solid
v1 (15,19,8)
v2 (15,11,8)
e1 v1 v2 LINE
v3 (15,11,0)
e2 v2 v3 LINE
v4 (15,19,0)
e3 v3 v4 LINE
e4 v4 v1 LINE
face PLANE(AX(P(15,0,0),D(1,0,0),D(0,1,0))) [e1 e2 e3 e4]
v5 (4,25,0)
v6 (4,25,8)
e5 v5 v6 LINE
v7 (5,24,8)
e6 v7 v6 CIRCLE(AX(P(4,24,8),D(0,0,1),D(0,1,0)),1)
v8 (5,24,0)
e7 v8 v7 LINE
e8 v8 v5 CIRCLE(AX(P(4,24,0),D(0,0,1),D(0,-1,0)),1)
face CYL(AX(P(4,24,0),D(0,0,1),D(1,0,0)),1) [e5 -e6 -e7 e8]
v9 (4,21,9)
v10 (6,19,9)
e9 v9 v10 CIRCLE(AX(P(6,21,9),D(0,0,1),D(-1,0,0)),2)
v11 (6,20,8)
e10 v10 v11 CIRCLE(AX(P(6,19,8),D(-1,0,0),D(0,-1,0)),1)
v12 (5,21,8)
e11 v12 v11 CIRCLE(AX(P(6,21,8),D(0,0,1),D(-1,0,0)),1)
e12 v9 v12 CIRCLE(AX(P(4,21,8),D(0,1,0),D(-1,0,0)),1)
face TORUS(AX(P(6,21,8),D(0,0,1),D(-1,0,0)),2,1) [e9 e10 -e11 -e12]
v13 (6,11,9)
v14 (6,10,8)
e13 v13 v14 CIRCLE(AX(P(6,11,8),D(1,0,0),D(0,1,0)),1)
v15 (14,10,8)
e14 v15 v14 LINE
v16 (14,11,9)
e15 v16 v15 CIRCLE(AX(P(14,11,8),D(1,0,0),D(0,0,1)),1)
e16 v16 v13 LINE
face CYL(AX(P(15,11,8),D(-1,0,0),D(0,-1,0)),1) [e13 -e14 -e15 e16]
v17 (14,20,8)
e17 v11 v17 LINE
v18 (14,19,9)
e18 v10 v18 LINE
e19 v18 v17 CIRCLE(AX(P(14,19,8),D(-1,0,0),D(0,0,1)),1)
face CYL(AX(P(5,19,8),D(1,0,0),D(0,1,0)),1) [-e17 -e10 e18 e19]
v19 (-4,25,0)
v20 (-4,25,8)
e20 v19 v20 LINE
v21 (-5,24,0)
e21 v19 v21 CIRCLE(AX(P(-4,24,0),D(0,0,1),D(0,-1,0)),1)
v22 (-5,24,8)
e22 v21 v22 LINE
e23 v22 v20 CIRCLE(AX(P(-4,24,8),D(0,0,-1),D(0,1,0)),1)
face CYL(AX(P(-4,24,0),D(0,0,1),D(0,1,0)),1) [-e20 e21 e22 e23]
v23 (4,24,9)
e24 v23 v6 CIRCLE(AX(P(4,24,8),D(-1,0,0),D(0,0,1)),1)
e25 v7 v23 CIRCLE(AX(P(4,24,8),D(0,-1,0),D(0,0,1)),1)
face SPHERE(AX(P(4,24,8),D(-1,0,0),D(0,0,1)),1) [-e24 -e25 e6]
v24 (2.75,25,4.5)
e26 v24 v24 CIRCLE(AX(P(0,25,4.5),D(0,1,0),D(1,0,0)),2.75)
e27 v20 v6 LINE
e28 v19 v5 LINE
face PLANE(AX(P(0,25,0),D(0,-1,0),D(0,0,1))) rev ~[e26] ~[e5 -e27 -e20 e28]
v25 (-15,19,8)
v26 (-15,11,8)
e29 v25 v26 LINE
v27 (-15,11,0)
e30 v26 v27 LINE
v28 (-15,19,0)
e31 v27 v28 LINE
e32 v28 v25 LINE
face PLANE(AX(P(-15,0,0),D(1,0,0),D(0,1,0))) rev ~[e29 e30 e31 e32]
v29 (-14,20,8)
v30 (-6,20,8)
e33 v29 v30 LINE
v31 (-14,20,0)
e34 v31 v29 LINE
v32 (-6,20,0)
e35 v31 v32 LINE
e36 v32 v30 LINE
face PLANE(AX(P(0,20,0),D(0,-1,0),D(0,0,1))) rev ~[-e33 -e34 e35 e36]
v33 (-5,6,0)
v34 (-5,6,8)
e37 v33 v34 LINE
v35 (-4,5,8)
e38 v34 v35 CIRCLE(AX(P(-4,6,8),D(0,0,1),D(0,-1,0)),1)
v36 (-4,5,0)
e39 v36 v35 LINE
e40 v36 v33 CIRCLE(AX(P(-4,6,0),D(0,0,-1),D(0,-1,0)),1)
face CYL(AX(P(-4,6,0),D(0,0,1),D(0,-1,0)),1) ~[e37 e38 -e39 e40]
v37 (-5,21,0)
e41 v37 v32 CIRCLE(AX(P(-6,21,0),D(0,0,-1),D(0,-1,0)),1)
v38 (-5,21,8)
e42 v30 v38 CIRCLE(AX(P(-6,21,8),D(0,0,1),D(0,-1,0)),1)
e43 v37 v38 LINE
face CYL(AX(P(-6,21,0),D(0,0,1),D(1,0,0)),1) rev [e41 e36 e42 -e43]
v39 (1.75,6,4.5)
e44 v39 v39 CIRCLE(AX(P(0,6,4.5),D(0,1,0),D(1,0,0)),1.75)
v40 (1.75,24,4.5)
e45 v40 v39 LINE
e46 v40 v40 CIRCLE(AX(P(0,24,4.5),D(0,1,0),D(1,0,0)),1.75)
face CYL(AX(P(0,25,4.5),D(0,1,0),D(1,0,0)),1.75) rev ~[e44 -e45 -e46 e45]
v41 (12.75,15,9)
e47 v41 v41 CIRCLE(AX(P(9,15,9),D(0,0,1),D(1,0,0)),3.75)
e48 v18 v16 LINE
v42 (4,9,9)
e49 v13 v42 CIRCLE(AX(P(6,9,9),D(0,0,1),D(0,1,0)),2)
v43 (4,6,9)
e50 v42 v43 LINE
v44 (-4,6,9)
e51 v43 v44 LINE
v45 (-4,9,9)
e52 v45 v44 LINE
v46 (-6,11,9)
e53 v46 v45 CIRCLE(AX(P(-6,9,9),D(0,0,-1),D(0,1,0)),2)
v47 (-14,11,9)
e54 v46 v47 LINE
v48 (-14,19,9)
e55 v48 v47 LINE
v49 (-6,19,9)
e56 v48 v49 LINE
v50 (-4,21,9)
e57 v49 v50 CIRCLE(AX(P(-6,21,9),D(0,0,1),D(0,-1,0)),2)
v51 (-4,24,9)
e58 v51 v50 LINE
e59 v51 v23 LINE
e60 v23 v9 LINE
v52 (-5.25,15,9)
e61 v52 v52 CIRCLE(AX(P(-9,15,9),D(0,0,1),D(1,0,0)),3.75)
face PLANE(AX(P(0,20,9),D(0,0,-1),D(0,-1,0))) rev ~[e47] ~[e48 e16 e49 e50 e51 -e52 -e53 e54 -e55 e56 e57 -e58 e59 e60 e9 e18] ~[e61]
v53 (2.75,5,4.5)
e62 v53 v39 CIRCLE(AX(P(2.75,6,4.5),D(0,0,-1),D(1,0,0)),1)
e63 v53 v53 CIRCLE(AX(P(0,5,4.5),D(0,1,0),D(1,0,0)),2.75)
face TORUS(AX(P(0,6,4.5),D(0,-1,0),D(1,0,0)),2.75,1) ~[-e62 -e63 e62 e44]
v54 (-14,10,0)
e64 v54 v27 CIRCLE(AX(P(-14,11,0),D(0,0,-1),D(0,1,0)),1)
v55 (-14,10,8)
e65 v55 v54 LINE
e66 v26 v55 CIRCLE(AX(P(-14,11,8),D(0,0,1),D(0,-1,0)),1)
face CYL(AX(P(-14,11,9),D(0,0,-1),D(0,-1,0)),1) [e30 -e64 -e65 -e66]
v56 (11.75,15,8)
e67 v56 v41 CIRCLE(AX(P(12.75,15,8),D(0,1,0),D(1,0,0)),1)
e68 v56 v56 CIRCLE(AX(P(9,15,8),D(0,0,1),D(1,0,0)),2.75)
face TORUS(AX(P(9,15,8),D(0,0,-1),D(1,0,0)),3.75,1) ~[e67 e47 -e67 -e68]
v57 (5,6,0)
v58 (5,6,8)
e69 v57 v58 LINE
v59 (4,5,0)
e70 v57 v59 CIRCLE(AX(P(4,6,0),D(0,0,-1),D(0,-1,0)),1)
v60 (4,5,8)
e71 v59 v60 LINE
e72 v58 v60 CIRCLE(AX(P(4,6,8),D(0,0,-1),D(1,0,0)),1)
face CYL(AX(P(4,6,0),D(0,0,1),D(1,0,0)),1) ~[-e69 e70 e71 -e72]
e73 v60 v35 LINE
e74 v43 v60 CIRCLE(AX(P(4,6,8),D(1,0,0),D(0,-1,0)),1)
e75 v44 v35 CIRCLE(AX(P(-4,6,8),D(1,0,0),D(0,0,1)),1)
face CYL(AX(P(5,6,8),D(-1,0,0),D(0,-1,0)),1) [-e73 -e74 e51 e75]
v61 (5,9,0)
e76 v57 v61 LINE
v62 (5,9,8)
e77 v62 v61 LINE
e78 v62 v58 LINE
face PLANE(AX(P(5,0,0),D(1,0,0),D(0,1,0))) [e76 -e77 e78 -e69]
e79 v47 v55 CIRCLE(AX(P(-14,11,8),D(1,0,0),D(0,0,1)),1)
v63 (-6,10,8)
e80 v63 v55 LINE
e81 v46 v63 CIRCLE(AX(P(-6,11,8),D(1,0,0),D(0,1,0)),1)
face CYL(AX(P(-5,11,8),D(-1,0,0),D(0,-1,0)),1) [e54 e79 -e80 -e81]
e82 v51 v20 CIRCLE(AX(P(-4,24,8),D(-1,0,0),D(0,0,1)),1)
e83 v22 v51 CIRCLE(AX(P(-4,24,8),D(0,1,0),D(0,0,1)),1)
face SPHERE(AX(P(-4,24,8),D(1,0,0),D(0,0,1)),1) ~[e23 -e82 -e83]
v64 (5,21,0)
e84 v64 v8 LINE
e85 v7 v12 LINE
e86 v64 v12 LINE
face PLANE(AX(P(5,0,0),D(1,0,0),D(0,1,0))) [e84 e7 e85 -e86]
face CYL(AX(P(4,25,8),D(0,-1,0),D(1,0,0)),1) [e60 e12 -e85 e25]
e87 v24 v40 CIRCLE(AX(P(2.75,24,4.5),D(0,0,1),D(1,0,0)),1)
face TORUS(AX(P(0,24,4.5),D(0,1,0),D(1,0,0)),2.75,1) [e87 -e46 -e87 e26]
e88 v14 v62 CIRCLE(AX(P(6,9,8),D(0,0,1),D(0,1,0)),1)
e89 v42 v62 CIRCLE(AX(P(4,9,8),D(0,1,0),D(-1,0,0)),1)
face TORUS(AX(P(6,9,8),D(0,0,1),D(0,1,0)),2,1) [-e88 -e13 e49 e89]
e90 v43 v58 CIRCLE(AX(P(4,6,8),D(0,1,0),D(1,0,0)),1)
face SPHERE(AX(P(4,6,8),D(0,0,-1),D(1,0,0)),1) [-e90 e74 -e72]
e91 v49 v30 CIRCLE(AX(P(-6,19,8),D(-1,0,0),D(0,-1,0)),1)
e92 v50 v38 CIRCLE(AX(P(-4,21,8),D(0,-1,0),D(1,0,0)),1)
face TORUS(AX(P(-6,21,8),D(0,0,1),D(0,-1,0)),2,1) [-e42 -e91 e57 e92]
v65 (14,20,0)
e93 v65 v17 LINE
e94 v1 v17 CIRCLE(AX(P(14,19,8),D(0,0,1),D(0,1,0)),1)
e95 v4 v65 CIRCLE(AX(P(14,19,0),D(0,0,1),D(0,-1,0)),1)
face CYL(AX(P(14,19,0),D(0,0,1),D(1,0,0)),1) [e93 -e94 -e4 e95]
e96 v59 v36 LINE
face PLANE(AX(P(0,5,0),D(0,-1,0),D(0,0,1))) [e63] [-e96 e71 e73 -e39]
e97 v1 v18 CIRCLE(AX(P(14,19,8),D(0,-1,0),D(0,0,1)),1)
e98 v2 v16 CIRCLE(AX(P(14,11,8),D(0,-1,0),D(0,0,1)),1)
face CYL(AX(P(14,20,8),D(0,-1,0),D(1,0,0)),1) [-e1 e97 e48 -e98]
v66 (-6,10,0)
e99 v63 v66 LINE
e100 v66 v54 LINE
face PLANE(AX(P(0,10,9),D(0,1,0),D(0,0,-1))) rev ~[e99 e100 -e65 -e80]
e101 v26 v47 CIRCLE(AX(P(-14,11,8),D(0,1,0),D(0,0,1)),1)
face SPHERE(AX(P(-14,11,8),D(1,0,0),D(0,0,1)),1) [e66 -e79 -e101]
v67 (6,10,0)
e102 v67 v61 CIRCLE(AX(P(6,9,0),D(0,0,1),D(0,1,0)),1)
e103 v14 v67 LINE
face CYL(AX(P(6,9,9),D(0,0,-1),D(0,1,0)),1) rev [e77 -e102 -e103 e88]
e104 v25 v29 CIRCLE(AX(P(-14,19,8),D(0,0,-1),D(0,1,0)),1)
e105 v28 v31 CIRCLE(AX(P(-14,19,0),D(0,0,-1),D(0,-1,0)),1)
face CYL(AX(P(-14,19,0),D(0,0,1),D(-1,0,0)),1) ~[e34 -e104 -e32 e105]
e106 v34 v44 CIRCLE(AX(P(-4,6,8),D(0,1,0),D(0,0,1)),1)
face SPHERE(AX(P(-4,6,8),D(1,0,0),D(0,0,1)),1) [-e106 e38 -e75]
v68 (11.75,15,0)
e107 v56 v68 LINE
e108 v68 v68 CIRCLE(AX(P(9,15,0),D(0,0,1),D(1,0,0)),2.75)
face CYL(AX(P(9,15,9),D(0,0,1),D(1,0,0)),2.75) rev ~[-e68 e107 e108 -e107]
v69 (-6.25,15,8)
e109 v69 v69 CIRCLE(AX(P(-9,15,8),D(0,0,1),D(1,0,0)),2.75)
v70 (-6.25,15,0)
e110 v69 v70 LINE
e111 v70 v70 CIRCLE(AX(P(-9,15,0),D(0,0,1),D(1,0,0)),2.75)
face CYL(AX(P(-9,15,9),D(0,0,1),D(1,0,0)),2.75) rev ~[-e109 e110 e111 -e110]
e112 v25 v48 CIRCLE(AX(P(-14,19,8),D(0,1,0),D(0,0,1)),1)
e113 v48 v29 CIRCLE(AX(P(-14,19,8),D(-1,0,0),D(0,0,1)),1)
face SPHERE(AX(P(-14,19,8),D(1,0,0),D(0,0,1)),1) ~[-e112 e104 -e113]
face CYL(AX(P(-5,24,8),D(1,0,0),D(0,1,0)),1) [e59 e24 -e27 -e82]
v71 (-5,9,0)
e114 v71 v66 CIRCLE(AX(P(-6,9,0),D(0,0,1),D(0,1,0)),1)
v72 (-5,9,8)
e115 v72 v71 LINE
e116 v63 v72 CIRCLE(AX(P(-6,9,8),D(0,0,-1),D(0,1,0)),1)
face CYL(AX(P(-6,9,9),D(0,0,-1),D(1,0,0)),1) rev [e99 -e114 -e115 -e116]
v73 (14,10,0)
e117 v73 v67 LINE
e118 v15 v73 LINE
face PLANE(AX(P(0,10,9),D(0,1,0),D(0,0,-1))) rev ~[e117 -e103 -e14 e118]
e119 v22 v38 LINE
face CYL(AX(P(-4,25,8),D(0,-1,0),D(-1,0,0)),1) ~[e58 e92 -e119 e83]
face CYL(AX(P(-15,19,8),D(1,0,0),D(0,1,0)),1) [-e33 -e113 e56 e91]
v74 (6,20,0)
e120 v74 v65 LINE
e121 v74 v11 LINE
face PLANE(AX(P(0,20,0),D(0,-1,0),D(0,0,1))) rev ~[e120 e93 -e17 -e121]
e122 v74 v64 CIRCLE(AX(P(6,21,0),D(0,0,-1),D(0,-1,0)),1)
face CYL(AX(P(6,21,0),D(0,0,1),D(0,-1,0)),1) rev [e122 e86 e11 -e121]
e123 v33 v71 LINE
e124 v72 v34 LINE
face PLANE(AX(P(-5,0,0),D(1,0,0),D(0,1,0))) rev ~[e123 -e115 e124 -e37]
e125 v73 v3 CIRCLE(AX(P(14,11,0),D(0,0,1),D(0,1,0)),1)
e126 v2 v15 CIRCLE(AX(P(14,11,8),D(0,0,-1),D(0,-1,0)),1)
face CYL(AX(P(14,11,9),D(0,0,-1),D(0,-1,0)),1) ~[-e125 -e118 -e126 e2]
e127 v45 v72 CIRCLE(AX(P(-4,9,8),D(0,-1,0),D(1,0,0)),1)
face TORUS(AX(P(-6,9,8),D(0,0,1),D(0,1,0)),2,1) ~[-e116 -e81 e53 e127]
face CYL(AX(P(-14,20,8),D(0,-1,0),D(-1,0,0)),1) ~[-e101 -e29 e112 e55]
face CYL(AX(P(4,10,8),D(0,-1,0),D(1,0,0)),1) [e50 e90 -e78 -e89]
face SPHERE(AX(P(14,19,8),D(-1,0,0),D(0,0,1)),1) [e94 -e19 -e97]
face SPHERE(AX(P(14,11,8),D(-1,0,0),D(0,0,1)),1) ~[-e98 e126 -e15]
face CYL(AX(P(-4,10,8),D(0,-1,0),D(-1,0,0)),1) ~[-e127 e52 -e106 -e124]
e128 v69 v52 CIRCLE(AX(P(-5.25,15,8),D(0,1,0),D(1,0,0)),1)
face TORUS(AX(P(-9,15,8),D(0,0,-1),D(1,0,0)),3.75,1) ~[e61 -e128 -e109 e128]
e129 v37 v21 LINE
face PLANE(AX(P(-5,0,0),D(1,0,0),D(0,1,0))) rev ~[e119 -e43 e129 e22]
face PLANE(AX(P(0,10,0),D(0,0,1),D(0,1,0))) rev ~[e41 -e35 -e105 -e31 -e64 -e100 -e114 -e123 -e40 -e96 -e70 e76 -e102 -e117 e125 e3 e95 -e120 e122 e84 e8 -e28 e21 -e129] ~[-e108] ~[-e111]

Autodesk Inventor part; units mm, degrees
ref_plane "YZ Plane" through (0, 0, 0) normal (1, 0, 0) x (0, 1, 0)
ref_plane "XZ Plane" through (0, 0, 0) normal (0, 1, 0) x (-1, 0, 0)
ref_plane "XY Plane" through (0, 0, 0) normal (0, 0, 1) x (1, 0, 0)
sketch "Sketch1" plane through (0, 0, 0) normal (1, 0, 0) x (0, 1, 0)
  line L0 (25, 0) -> (25, 9)
  line L1 (25, 9) -> (0, 9)
  line L2 (0, 9) -> (0, 0)
  line L3 (0, 0) -> (20, 0) construction
  line L4 (5, 0) -> (25, 0)
  line L5 (20, 9) -> (10, 9)
  line L6 (10, 9) -> (10, 0)
  line L7 (10, 0) -> (20, 0)
  line L8 (20, 0) -> (20, 9)
  line L9 (20, 9) -> (10, 0) construction
  line L10 (10, 9) -> (20, 0) construction
  line L11 (5, 0) -> (5, 9)
  line L12 (5, 0) -> (0, 0)
  point P0 (15, 4.5)
  dimension "d8" = 9
  dimension "d13" = 10
  dimension "d14" = 9
  dimension "d15" = 25
  dimension "d39" = 10
  dimension "d47" = 5
extrude "Extrusion1" add sketch "Sketch1" along normal mid plane 10 contours L4 L8 L1 L0 | L4 L11 L1 L6
extrude "Extrusion2" add sketch "Sketch1" along normal mid plane 30 contours L4 L6 L1 L8
sketch "Sketch8" plane through (-5, 5, 9) normal (0, 0, 1) x (1, 0, 0)
  circle A0 centre (-4, 10) radius 2.75
  line L0 (-10, 5) -> (-10, 15) projected
  line L1 (-10, 15) -> (0, 15) projected
  circle A1 centre (14, 10) radius 2.75
  line L2 (20, 15) -> (20, 5) projected
  line L3 (10, 15) -> (20, 15) projected
  point P0 (5, -5)
  dimension "d48" = 5.5
  dimension "d49" = 6
  dimension "d50" = 5
  dimension "d51" = 5.5
  dimension "d52" = 6
  dimension "d53" = 5
extrude "Extrusion8" cut sketch "Sketch8" against normal through all
sketch "Sketch9" plane through (-5, 25, 9) normal (0, 1, 0) x (1, 0, 0)
  circle A0 centre (5, 4.5) radius 1.75
  line L0 (0, 9) -> (10, 9) projected
  line L1 (10, 9) -> (10, 0) projected
  line L2 (0, 0) -> (0, 9) projected
  point P0 (5, 9)
  dimension "d56" = 3.5
  dimension "d57" = 4.5
  dimension "d58" = 10
  dimension "d59" = 5
extrude "Extrusion9" cut sketch "Sketch9" against normal through all
fillet "Fillet4" radius 1 28 edges at (0, 25, 9) (-10, 20, 9) (-5, 22.5, 9) (5, 22.5, 9) (10, 20, 9) (5, 25, 4.5) (5, 20, 4.5) (-5, 25, 4.5) (-5, 20, 4.5) (10, 10, 9) (15, 15, 9) (15, 20, 4.5) (15, 10, 4.5) (5, 5, 4.5) (5, 7.5, 9) (5, 10, 4.5) (0, 5, 9) (-5, 7.5, 9) (-5, 10, 4.5) (-10, 10, 9) (-15, 15, 9) (-5, 5, 4.5) (-15, 10, 4.5) (-15, 20, 4.5) (6.25, 15, 9) (-11.75, 15, 9) (-1.75, 5, 4.5) (-1.75, 25, 4.5)
equation "\"d52\" = d49"
equation "\"d59\" = 0.5 * d58"
properties part number "bed_spring_holder_v3" material "Plastic, Opaque Black"
